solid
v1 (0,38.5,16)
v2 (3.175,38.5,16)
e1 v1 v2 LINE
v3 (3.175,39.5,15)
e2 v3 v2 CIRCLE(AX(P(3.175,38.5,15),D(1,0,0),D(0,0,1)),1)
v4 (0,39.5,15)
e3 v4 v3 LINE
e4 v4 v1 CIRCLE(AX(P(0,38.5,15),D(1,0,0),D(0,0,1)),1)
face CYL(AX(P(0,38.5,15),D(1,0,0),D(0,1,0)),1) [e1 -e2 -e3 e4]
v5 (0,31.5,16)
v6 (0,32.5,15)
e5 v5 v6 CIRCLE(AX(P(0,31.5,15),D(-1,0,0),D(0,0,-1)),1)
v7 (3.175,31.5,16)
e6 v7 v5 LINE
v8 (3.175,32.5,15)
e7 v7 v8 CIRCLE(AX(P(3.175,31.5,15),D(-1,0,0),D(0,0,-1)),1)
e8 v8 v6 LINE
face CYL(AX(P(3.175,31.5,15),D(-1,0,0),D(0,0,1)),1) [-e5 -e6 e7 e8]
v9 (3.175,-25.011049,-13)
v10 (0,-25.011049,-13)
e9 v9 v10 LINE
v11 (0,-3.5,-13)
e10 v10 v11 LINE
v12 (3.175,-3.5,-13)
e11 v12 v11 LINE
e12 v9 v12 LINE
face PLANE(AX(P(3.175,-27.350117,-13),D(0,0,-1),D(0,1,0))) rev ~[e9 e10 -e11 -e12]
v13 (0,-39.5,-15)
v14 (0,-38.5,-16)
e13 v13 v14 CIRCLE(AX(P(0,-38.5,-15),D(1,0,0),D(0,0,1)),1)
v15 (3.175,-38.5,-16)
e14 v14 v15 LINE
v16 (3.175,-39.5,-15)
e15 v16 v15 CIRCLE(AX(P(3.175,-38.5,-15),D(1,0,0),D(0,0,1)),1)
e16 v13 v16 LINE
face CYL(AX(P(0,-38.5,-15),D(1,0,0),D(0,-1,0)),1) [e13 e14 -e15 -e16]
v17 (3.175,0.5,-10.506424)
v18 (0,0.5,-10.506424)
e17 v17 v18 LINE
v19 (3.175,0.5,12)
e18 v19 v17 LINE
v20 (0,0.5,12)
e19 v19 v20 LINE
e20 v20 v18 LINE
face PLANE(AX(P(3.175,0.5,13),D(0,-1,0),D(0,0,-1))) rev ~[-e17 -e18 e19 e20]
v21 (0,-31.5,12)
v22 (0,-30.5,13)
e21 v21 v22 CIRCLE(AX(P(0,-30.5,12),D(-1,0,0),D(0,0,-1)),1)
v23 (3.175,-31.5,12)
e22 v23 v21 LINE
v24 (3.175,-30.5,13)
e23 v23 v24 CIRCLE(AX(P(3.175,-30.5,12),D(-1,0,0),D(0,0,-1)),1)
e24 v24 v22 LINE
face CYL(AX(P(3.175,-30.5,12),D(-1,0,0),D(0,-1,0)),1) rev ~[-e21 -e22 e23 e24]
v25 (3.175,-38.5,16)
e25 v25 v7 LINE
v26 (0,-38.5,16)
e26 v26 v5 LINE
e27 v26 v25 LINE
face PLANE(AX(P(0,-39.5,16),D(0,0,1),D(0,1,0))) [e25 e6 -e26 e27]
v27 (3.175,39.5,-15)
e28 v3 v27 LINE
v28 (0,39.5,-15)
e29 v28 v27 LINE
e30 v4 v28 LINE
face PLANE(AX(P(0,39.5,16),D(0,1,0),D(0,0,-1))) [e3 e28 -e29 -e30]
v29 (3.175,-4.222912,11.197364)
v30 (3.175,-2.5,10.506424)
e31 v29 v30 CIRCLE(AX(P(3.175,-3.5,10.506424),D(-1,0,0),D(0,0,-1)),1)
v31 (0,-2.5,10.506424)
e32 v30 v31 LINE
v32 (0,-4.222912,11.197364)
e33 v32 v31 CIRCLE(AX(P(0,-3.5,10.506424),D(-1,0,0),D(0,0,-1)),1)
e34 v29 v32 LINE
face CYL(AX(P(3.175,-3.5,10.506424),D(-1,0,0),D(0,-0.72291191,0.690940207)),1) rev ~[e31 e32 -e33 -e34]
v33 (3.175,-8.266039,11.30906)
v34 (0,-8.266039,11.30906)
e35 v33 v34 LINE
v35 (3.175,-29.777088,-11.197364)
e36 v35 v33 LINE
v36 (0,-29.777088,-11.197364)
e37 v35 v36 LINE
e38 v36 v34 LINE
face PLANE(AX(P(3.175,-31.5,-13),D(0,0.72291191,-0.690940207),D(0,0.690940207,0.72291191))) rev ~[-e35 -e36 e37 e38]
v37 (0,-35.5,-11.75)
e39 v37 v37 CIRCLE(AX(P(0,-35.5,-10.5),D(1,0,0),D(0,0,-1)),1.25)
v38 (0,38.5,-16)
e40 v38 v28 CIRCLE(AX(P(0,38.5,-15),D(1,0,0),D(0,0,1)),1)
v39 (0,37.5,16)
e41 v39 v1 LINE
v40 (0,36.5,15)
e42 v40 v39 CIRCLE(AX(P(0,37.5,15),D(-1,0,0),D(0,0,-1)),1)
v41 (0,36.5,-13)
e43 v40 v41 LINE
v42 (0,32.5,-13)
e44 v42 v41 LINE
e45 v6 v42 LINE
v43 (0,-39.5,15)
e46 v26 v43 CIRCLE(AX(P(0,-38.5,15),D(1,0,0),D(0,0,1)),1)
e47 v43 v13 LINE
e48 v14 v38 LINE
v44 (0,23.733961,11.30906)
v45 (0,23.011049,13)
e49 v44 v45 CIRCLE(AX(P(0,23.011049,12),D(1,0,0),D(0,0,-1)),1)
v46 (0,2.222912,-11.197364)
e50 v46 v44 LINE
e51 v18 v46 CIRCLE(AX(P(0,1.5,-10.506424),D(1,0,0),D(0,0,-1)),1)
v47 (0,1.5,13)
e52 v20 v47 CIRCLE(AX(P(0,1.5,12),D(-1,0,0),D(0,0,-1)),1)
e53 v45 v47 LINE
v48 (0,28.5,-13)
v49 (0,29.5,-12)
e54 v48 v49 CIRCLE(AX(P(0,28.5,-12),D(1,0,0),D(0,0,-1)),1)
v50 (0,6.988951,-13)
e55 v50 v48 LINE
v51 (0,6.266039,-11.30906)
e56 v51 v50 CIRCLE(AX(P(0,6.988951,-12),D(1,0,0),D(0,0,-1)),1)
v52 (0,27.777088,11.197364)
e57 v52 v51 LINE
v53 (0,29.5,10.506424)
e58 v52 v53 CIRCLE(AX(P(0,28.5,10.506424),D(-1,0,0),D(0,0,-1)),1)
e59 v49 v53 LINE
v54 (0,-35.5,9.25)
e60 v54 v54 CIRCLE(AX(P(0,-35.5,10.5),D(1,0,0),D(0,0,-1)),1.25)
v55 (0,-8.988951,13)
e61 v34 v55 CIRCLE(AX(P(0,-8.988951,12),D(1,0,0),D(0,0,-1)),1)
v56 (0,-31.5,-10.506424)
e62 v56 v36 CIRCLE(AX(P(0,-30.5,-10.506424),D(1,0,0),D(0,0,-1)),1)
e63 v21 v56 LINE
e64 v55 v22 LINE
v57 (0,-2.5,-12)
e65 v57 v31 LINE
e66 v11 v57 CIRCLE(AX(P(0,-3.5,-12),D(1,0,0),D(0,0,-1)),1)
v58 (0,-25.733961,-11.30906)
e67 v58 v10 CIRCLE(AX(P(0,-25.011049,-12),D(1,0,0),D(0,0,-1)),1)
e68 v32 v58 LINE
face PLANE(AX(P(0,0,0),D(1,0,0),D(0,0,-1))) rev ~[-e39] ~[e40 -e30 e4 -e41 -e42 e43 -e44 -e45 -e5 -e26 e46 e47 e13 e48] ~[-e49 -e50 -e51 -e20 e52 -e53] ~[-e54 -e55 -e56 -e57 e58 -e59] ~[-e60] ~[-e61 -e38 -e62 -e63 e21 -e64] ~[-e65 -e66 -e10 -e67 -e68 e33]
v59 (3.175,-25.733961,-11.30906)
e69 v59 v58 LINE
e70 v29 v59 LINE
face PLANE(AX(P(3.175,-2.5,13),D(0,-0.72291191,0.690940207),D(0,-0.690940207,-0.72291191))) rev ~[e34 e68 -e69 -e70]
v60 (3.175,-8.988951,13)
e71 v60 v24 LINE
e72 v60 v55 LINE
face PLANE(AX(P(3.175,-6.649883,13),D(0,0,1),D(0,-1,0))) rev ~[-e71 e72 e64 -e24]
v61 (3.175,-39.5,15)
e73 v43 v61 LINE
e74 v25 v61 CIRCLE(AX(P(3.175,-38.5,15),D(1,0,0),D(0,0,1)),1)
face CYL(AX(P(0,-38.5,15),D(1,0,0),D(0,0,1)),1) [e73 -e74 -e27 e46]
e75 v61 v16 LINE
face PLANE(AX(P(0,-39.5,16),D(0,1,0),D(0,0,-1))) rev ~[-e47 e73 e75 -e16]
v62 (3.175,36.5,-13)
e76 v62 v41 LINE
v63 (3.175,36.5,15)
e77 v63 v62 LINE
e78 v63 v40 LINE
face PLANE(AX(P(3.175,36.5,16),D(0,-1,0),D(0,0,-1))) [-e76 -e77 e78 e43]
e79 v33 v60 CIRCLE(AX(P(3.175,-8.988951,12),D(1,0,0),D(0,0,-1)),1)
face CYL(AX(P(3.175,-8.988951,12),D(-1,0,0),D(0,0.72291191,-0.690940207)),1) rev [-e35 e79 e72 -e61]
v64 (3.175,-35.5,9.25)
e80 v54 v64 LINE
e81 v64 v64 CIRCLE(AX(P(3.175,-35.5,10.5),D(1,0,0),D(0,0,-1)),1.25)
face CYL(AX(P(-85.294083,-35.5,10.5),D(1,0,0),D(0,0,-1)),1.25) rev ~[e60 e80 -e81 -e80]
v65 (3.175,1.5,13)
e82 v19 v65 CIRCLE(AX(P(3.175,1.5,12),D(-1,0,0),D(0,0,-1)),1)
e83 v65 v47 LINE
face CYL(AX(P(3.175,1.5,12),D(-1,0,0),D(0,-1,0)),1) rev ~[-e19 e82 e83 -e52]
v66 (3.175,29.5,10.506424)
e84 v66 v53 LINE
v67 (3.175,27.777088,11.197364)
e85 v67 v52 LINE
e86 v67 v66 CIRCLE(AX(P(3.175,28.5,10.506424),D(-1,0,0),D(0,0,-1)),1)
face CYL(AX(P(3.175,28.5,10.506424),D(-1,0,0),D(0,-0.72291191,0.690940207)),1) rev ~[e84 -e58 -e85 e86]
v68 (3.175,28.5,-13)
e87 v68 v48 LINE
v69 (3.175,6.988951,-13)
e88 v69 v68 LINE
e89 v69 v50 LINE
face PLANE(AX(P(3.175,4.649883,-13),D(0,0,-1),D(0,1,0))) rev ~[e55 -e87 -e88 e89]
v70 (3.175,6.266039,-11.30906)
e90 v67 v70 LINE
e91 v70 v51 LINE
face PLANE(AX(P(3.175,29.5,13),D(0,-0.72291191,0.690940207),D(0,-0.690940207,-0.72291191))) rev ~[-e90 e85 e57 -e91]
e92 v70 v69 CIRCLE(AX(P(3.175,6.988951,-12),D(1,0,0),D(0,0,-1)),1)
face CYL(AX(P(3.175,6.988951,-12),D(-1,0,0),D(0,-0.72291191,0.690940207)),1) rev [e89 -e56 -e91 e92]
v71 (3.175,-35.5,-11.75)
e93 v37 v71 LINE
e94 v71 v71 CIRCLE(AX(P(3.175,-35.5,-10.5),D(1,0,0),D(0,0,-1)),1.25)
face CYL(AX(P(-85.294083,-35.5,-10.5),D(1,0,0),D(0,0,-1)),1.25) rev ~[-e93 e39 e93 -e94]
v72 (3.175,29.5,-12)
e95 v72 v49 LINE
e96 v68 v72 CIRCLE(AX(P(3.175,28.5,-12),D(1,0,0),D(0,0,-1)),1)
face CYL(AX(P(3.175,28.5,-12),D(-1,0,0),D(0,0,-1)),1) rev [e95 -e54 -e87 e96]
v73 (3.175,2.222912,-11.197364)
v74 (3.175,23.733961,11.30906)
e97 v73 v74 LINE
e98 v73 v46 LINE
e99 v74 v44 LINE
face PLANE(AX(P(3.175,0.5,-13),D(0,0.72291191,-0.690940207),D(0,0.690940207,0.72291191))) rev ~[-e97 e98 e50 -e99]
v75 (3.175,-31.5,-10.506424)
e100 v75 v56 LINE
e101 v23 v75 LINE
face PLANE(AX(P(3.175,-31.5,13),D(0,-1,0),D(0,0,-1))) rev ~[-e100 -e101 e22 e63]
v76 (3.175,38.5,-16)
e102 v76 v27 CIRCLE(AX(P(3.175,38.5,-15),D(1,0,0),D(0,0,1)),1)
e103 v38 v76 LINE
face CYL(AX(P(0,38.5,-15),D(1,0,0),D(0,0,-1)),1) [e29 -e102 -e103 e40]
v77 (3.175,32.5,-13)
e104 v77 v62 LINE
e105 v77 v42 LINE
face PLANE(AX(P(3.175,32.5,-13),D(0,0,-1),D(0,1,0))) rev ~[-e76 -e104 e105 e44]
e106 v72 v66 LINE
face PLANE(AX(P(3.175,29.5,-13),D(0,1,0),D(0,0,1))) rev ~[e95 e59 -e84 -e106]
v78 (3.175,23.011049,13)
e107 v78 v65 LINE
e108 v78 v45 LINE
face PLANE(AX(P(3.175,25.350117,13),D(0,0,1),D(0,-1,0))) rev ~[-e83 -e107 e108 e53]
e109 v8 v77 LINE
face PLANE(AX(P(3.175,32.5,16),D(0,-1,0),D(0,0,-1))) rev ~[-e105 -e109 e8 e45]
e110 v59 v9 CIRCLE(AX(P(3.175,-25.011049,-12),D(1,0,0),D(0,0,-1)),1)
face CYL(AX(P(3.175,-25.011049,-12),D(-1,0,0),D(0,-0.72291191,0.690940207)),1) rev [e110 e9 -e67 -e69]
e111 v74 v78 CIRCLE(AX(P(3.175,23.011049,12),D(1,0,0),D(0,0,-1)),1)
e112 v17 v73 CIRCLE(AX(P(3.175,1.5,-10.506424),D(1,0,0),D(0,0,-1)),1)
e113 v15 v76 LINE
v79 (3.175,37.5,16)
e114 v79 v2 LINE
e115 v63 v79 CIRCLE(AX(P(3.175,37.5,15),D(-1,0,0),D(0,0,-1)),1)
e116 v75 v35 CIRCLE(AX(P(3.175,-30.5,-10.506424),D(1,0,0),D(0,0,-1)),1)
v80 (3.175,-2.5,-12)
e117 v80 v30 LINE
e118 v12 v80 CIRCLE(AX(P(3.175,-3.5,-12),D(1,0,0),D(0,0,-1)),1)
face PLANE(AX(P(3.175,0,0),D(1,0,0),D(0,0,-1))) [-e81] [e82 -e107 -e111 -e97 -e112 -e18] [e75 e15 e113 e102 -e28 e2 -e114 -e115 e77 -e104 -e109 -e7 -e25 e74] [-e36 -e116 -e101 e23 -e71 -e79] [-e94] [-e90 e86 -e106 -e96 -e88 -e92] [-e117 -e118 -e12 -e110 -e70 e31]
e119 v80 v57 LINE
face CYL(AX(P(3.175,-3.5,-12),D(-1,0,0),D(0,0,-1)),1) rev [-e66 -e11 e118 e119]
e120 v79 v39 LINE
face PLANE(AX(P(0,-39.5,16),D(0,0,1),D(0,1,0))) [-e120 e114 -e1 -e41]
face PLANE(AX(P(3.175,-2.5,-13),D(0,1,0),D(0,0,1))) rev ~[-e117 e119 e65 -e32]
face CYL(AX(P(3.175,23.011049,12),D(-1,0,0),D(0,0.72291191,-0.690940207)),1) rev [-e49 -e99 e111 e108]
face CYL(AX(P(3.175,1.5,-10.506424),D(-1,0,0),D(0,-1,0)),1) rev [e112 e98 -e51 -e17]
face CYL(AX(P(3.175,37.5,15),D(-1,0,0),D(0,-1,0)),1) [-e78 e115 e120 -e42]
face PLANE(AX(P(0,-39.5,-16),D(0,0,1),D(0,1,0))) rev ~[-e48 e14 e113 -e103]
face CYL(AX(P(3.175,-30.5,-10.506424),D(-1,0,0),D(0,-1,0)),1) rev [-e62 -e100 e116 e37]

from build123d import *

# Parameters (mm, degrees)
SKETCH1_W             = 32
SKETCH1_H             = 79
BOSS_EXTRUDE1_DEPTH   = 3.175
SKETCH2_W             = 29
SKETCH2_H             = 4
CUT_EXTRUDE1_DEPTH    = 3.175
F_2_5MM_DOWEL_HOLE1_D = 2.5
CUT_EXTRUDE2_DEPTH    = 3.175
FILLET2_R             = 1
FILLET3_R             = 1


with BuildPart() as part:
    # Sketch1 → Boss-Extrude1 (new body)
    with BuildSketch(Plane(origin=(0, 0, 0), x_dir=(0, 0, -1), z_dir=(1, 0, 0))):
        Rectangle(SKETCH1_W, SKETCH1_H)
    extrude(amount=BOSS_EXTRUDE1_DEPTH)

    # Sketch2 → Cut-Extrude1 (cut)
    with BuildSketch(Plane(origin=(3.175, 0, 0), x_dir=(0, 0, -1), z_dir=(1, 0, 0))):
        with Locations((-1.5, 34.5)):
            Rectangle(SKETCH2_W, SKETCH2_H)
    extrude(amount=-CUT_EXTRUDE1_DEPTH, mode=Mode.SUBTRACT)

    # Ø2.5mm Dowel Hole1 (through all)
    with Locations(Plane.ZY):
        with Locations((-10.5, -35.5), (10.5, -35.5)):
            Hole(F_2_5MM_DOWEL_HOLE1_D / 2)

    # Sketch8 → Cut-Extrude2 (cut)
    with BuildSketch(Plane(origin=(3.175, 0, 0), x_dir=(0, 0, -1), z_dir=(1, 0, 0))):
        Polygon((-13, -31.5), (13, -31.5), (-13, -6.649883213), align=None)
        Polygon((-13, -2.5), (13, -27.350116787), (13, -2.5), align=None)
        Polygon((-13, 0.5), (13, 0.5), (-13, 25.350116787), align=None)
        Polygon((-13, 29.5), (13, 4.649883213), (13, 29.5), align=None)
    extrude(amount=-CUT_EXTRUDE2_DEPTH, mode=Mode.SUBTRACT)

    # Fillet2
    fillet2_edges = [part.edges().sort_by_distance(p)[0] for p in [
        (1.5875, 32.5, 16),
        (1.5875, 36.5, 16),
        (1.5875, -39.5, -16),
        (1.5875, -39.5, 16),
        (1.5875, 39.5, 16),
        (1.5875, 39.5, -16),
    ]]
    fillet(fillet2_edges, radius=FILLET2_R)

    # Fillet3
    fillet3_edges = [part.edges().sort_by_distance(p)[0] for p in [
        (1.5875, -2.5, -13),
        (1.5875, -27.350116787, -13),
        (1.5875, -2.5, 13),
        (1.5875, 0.5, 13),
        (1.5875, 25.350116787, 13),
        (1.5875, 0.5, -13),
        (1.5875, 29.5, -13),
        (1.5875, 4.649883213, -13),
        (1.5875, 29.5, 13),
        (1.5875, -31.5, 13),
        (1.5875, -6.649883213, 13),
        (1.5875, -31.5, -13),
    ]]
    fillet(fillet3_edges, radius=FILLET3_R)


solid = part.part
